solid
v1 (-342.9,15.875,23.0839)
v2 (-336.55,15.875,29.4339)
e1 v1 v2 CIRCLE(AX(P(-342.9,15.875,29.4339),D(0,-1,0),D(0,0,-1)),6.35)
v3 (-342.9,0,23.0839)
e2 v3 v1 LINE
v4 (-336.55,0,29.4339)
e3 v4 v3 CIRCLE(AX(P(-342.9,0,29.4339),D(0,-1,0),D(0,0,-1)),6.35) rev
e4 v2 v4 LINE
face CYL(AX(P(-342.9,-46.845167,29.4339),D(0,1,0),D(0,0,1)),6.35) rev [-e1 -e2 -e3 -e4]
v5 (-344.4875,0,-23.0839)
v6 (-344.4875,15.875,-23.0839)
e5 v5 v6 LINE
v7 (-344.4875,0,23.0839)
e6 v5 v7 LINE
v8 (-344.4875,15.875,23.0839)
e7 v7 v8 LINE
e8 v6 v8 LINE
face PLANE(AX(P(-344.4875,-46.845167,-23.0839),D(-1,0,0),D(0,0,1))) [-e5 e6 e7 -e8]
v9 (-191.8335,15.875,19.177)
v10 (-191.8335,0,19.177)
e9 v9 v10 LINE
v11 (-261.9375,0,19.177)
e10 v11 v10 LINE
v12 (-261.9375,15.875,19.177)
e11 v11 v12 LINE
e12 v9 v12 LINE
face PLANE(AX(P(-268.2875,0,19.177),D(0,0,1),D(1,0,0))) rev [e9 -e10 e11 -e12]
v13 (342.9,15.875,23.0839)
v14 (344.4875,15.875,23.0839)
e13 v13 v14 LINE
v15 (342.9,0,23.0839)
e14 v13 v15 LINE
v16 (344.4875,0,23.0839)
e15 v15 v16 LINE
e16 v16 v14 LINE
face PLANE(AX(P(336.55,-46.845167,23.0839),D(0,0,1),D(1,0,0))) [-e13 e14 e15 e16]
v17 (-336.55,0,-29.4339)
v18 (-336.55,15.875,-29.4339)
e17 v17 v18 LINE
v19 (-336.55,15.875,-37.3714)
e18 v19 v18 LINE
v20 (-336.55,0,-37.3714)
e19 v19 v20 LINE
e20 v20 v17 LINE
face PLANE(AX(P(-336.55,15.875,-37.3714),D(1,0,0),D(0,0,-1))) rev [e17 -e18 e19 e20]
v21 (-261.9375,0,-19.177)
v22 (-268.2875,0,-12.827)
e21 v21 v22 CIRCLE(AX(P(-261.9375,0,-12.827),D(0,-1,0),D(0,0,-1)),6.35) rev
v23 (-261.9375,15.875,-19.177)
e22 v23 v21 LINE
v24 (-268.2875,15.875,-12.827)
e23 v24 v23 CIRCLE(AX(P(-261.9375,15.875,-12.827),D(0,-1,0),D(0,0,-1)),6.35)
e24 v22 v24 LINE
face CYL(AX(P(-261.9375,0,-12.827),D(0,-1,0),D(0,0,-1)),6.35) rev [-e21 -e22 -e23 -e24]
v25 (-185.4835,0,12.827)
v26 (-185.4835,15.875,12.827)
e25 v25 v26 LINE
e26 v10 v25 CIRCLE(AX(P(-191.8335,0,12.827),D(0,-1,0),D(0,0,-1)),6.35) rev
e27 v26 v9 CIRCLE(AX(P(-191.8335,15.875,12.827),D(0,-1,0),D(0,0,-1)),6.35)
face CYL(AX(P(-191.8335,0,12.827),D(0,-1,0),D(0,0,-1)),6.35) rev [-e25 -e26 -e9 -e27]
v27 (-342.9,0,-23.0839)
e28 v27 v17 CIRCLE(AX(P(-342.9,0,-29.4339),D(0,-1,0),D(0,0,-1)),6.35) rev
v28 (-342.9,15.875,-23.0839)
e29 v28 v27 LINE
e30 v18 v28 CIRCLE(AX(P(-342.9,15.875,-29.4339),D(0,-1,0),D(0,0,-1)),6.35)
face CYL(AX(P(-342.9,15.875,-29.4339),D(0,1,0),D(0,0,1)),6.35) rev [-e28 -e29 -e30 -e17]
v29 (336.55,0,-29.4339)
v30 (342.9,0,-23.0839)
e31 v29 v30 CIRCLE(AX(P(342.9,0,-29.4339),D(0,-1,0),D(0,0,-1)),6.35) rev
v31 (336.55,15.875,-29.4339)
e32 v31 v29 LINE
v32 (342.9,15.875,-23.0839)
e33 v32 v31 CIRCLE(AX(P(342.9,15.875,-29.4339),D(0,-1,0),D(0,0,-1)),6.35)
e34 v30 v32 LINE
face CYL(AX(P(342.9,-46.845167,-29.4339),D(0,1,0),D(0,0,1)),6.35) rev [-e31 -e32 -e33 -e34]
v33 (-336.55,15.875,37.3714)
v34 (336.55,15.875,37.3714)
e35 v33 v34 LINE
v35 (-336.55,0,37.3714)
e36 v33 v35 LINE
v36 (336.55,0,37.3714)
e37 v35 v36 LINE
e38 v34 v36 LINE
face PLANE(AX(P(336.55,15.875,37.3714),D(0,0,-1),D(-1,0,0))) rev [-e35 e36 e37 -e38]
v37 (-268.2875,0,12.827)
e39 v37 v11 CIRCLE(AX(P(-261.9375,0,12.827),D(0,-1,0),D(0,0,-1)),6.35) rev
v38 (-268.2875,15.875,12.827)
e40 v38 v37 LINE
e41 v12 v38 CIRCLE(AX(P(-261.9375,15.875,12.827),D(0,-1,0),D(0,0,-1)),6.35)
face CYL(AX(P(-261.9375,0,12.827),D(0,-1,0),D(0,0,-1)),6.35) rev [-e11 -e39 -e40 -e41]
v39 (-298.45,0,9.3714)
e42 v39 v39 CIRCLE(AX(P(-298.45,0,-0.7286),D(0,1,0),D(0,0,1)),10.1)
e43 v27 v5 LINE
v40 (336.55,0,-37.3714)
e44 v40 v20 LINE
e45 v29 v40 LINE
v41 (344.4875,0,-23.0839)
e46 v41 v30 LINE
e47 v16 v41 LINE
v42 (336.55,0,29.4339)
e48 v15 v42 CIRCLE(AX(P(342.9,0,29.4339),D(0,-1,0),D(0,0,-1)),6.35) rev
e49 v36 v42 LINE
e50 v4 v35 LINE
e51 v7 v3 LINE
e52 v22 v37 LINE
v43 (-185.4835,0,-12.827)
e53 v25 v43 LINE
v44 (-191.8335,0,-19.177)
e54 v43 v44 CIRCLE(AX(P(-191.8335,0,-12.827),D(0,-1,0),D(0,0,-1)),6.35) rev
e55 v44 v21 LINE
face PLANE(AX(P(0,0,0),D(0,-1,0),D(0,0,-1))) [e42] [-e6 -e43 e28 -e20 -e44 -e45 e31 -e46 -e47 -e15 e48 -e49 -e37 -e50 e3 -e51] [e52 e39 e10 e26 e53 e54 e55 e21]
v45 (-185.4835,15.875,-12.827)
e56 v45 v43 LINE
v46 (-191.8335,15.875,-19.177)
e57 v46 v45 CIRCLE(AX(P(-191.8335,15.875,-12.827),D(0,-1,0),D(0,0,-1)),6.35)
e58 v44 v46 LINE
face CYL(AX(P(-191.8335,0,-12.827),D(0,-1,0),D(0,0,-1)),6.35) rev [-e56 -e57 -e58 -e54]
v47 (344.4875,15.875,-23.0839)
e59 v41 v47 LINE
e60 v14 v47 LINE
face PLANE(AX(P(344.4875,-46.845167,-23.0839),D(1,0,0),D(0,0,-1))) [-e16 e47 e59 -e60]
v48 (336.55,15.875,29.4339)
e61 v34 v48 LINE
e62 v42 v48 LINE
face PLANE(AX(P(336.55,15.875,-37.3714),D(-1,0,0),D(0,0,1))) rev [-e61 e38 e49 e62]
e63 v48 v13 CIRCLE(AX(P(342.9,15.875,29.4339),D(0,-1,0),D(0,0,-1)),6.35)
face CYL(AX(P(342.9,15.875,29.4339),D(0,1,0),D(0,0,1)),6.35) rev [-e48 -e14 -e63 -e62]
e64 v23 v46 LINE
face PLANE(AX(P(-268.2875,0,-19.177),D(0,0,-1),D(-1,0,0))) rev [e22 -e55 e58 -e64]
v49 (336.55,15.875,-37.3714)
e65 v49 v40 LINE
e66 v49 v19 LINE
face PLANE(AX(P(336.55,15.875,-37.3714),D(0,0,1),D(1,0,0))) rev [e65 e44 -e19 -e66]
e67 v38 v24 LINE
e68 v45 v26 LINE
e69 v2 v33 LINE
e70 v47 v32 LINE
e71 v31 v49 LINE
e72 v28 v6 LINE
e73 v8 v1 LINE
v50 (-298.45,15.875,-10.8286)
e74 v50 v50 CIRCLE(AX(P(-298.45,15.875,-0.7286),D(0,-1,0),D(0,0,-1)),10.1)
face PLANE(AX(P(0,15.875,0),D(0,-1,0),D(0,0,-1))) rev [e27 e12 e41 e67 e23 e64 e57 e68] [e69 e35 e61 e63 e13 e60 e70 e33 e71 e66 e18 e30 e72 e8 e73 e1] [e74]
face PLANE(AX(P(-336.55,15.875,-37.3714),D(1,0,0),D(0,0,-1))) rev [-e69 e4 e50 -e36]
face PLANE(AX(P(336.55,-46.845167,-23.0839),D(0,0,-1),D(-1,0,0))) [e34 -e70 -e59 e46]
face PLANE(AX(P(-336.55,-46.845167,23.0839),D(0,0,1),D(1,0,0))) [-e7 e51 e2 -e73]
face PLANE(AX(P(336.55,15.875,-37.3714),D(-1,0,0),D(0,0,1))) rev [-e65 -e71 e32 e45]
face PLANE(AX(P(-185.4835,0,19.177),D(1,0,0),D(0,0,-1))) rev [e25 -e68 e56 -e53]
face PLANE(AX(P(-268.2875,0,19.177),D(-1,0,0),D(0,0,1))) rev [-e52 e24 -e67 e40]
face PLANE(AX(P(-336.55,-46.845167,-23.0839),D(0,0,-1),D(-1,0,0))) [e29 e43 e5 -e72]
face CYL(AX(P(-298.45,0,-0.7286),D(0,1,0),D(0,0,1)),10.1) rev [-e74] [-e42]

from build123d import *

# Parameters (mm, degrees)
SKETCH1_W               = 673.1
SKETCH1_H               = 74.742799968
BOSS_EXTRUDE1_DEPTH     = 15.875
SKETCH3_R               = 10.1
CUT_EXTRUDE1_DEPTH      = 1
CUT_EXTRUDE1_DEPTH_BACK = 16.875
SKETCH4_W               = 7.9375
SKETCH4_H               = 46.167799968
BOSS_EXTRUDE3_DEPTH     = 15.875
FILLET2_R               = 6.35
SKETCH5_W               = 82.804
SKETCH5_H               = 38.354
CUT_EXTRUDE2_DEPTH      = 1
CUT_EXTRUDE2_DEPTH_BACK = 16.875
FILLET3_R               = 6.35


with BuildPart() as part:
    # Sketch1 → Boss-Extrude1 (new body)
    with BuildSketch(Plane(origin=(0, 0, 0), x_dir=(1, 0, 0), z_dir=(0, 1, 0))):
        Rectangle(SKETCH1_W, SKETCH1_H)
    extrude(amount=BOSS_EXTRUDE1_DEPTH)

    # Sketch3 → Cut-Extrude1 (cut, two sides)
    with BuildSketch(Plane(origin=(0, 15.875, 0), x_dir=(1, 0, 0), z_dir=(0, 1, 0))) as cut_extrude1_sk:
        with Locations((-298.45, 0.728600016)):
            Circle(SKETCH3_R)
    extrude(amount=CUT_EXTRUDE1_DEPTH, mode=Mode.SUBTRACT)
    extrude(cut_extrude1_sk.sketch, amount=-CUT_EXTRUDE1_DEPTH_BACK, mode=Mode.SUBTRACT)

    # Sketch4 → Boss-Extrude3 (add)
    with BuildSketch(Plane(origin=(0, 15.875, 0), x_dir=(1, 0, 0), z_dir=(0, 1, 0))):
        with Locations((-340.51875, 0)):
            Rectangle(SKETCH4_W, SKETCH4_H)
        with Locations((340.51875, 0)):
            Rectangle(SKETCH4_W, SKETCH4_H)
    extrude(amount=-BOSS_EXTRUDE3_DEPTH)

    # Fillet2
    fillet2_edges = [part.edges().sort_by_distance(p)[0] for p in [
        (-336.55, 7.9375, 23.083899984),
        (-336.55, 7.9375, -23.083899984),
        (336.55, 7.9375, 23.083899984),
        (336.55, 7.9375, -23.083899984),
    ]]
    fillet(fillet2_edges, radius=FILLET2_R)

    # Sketch5 → Cut-Extrude2 (cut, two sides)
    with BuildSketch(Plane(origin=(0, 15.875, 0), x_dir=(1, 0, 0), z_dir=(0, 1, 0))) as cut_extrude2_sk:
        with Locations((-226.8855, 0)):
            Rectangle(SKETCH5_W, SKETCH5_H)
    extrude(amount=CUT_EXTRUDE2_DEPTH, mode=Mode.SUBTRACT)
    extrude(cut_extrude2_sk.sketch, amount=-CUT_EXTRUDE2_DEPTH_BACK, mode=Mode.SUBTRACT)

    # Fillet3
    fillet3_edges = [part.edges().sort_by_distance(p)[0] for p in [
        (-268.2875, 7.9375, 19.177),
        (-268.2875, 7.9375, -19.177),
        (-185.4835, 7.9375, -19.177),
        (-185.4835, 7.9375, 19.177),
    ]]
    fillet(fillet3_edges, radius=FILLET3_R)


solid = part.part
